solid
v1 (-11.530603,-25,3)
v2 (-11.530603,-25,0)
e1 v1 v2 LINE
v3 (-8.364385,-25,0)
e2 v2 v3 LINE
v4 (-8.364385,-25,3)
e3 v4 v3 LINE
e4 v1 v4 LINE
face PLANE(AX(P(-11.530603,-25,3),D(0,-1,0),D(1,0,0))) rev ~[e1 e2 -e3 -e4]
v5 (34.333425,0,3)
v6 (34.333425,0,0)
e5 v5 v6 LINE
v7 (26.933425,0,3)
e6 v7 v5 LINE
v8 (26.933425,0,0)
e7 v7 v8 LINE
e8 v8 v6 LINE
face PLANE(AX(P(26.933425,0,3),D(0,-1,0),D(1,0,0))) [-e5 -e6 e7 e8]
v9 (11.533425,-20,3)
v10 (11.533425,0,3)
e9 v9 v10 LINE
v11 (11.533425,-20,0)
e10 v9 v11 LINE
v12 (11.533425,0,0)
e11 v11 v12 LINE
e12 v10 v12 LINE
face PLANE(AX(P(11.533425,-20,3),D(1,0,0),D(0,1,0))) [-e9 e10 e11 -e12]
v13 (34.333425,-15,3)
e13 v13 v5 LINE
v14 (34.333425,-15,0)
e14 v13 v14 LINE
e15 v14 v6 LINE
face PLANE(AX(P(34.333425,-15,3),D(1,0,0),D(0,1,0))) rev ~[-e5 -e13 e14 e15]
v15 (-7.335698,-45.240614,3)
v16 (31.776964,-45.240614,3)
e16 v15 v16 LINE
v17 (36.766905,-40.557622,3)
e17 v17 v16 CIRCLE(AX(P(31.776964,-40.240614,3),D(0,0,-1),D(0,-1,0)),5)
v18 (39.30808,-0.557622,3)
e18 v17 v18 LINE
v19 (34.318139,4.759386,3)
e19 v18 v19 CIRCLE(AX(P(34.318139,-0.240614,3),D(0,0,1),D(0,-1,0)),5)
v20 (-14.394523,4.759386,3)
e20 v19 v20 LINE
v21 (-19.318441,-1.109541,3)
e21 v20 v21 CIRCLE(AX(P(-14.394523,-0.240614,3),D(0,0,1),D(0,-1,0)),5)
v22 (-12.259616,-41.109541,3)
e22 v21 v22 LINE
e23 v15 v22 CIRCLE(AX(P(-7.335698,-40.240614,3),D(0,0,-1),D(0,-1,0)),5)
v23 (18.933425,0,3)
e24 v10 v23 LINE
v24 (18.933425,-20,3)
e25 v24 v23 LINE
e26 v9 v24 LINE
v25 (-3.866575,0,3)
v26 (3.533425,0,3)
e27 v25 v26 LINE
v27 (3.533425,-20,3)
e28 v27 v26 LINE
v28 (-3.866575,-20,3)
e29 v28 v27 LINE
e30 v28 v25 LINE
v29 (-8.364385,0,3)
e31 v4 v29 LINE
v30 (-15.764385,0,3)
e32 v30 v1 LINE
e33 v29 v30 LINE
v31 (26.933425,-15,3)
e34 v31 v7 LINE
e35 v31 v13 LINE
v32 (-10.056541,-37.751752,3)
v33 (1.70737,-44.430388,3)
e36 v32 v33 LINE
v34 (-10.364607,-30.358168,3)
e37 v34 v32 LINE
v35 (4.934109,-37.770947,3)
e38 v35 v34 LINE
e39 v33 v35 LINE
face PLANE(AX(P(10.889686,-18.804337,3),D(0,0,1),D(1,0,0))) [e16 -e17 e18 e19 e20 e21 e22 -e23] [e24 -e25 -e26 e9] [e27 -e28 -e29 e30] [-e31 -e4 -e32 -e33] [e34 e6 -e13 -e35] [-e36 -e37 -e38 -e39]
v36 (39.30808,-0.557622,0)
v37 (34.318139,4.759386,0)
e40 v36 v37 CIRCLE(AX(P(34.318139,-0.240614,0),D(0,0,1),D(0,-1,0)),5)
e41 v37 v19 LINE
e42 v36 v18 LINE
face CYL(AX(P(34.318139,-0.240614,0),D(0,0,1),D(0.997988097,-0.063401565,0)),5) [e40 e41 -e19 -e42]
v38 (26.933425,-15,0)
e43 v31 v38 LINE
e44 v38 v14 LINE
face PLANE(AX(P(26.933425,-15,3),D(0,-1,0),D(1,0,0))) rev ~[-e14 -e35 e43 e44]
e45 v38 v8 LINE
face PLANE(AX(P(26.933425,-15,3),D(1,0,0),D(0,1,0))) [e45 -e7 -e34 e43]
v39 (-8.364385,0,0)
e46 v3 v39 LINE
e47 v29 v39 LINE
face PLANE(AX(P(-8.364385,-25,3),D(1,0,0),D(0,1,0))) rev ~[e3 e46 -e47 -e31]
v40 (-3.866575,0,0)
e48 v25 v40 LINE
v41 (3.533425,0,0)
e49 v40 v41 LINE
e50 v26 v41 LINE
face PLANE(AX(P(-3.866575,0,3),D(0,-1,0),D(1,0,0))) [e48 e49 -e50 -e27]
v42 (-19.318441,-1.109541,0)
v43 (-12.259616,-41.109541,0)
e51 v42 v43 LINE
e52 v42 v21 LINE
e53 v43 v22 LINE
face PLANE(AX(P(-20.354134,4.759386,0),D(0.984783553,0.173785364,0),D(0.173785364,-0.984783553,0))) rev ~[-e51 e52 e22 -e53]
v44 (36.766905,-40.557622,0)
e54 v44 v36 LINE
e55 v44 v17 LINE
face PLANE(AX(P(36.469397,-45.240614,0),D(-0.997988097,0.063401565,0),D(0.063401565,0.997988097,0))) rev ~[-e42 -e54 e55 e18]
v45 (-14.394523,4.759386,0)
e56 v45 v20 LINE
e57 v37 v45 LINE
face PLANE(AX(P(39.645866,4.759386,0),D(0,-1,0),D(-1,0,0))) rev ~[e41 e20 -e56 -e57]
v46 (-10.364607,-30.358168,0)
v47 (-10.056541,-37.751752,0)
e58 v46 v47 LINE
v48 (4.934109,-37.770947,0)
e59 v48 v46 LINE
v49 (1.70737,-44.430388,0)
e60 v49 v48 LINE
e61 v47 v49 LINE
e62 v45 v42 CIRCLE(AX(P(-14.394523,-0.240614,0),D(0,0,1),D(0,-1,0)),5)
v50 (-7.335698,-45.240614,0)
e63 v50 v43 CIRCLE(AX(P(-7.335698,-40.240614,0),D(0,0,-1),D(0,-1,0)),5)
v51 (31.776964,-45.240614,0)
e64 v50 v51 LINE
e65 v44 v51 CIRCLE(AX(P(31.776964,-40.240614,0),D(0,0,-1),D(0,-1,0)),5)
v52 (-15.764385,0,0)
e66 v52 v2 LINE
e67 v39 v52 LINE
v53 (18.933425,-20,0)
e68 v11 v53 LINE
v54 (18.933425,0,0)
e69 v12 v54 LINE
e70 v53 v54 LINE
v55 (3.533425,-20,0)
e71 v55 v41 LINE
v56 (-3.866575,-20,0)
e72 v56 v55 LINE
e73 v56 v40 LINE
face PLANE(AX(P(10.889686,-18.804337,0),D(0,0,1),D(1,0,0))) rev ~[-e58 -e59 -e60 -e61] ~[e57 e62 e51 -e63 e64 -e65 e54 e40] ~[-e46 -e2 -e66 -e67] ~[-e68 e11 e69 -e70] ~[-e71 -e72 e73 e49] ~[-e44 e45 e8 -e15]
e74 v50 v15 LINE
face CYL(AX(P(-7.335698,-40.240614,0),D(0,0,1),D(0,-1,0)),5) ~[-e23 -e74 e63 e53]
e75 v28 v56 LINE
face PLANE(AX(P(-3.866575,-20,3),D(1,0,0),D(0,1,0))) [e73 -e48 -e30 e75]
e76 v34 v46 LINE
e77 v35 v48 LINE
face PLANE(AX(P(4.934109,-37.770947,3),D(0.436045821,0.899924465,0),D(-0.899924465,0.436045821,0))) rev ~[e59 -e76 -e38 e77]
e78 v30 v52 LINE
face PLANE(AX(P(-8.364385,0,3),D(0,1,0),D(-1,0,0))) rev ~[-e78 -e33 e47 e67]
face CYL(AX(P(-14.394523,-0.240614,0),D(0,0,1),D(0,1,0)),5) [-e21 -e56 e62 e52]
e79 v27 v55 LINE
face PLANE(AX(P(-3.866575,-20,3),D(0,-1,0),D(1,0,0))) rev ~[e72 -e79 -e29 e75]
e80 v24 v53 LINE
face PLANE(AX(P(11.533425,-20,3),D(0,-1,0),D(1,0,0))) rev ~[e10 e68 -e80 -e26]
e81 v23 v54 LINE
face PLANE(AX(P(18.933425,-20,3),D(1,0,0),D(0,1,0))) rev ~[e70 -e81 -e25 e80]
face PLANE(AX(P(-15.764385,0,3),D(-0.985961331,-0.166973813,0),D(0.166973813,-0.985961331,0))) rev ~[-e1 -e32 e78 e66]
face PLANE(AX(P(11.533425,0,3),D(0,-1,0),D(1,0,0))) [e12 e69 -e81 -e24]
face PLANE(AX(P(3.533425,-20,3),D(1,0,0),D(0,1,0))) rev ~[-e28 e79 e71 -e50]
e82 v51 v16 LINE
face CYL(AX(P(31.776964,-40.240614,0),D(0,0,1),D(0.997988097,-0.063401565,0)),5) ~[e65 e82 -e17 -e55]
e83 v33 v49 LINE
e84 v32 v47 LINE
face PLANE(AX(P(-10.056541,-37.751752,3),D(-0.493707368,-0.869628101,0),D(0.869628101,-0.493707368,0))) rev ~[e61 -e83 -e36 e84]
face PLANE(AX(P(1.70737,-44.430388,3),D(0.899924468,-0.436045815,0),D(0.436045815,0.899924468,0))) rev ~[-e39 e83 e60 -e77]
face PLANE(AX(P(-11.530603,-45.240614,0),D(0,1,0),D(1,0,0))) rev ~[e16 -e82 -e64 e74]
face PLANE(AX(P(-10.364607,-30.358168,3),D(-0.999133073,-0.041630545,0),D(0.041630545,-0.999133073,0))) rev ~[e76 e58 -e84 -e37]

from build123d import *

# Parameters (mm, degrees)
F1_DEPTH = 3
F2_W     = 7.4
F2_H     = 15
F2_H_2   = 20
F3_DEPTH = 3
F5_DEPTH = 3
F6_R     = 5


with BuildPart() as f1:
    # F0 (on Top) → F1 (new body)
    with BuildSketch(Plane.XY):
        Polygon((36.469397, -45.240614), (39.645866, 4.759386), (-20.354134, 4.759386), (-11.530603, -45.240614), align=None)
    extrude(amount=F1_DEPTH)

    # F2 (on face) → F3 (cut, through all)
    with BuildSketch(Plane.XY.offset(3)):
        with Locations((30.633425, -7.5)):
            Rectangle(F2_W, F2_H)
        with Locations((15.233425, -10)):
            Rectangle(F2_W, F2_H_2)
        with Locations((-0.166575, -10)):
            Rectangle(F2_W, F2_H_2)
        Polygon((-8.364385, 0), (-15.764385, 0), (-11.530603, -25), (-8.364385, -25), align=None)
    extrude(amount=-F3_DEPTH, mode=Mode.SUBTRACT)

    # F4 (on face) → F5 (cut, through all)
    with BuildSketch(Plane.XY.offset(3)):
        Polygon((4.934109, -37.770947), (-10.364607, -30.358168), (-10.056541, -37.751752), (1.70737, -44.430388), align=None)
    extrude(amount=-F5_DEPTH, mode=Mode.SUBTRACT)

    # F6
    f6_edges = [f1.edges().sort_by_distance(p)[0] for p in [
        (-20.354134, 4.759386, 1.5),
        (39.645866, 4.759386, 1.5),
        (36.469397, -45.240614, 1.5),
        (-11.530603, -45.240614, 1.5),
    ]]
    fillet(f6_edges, radius=F6_R)


solid = f1.part
